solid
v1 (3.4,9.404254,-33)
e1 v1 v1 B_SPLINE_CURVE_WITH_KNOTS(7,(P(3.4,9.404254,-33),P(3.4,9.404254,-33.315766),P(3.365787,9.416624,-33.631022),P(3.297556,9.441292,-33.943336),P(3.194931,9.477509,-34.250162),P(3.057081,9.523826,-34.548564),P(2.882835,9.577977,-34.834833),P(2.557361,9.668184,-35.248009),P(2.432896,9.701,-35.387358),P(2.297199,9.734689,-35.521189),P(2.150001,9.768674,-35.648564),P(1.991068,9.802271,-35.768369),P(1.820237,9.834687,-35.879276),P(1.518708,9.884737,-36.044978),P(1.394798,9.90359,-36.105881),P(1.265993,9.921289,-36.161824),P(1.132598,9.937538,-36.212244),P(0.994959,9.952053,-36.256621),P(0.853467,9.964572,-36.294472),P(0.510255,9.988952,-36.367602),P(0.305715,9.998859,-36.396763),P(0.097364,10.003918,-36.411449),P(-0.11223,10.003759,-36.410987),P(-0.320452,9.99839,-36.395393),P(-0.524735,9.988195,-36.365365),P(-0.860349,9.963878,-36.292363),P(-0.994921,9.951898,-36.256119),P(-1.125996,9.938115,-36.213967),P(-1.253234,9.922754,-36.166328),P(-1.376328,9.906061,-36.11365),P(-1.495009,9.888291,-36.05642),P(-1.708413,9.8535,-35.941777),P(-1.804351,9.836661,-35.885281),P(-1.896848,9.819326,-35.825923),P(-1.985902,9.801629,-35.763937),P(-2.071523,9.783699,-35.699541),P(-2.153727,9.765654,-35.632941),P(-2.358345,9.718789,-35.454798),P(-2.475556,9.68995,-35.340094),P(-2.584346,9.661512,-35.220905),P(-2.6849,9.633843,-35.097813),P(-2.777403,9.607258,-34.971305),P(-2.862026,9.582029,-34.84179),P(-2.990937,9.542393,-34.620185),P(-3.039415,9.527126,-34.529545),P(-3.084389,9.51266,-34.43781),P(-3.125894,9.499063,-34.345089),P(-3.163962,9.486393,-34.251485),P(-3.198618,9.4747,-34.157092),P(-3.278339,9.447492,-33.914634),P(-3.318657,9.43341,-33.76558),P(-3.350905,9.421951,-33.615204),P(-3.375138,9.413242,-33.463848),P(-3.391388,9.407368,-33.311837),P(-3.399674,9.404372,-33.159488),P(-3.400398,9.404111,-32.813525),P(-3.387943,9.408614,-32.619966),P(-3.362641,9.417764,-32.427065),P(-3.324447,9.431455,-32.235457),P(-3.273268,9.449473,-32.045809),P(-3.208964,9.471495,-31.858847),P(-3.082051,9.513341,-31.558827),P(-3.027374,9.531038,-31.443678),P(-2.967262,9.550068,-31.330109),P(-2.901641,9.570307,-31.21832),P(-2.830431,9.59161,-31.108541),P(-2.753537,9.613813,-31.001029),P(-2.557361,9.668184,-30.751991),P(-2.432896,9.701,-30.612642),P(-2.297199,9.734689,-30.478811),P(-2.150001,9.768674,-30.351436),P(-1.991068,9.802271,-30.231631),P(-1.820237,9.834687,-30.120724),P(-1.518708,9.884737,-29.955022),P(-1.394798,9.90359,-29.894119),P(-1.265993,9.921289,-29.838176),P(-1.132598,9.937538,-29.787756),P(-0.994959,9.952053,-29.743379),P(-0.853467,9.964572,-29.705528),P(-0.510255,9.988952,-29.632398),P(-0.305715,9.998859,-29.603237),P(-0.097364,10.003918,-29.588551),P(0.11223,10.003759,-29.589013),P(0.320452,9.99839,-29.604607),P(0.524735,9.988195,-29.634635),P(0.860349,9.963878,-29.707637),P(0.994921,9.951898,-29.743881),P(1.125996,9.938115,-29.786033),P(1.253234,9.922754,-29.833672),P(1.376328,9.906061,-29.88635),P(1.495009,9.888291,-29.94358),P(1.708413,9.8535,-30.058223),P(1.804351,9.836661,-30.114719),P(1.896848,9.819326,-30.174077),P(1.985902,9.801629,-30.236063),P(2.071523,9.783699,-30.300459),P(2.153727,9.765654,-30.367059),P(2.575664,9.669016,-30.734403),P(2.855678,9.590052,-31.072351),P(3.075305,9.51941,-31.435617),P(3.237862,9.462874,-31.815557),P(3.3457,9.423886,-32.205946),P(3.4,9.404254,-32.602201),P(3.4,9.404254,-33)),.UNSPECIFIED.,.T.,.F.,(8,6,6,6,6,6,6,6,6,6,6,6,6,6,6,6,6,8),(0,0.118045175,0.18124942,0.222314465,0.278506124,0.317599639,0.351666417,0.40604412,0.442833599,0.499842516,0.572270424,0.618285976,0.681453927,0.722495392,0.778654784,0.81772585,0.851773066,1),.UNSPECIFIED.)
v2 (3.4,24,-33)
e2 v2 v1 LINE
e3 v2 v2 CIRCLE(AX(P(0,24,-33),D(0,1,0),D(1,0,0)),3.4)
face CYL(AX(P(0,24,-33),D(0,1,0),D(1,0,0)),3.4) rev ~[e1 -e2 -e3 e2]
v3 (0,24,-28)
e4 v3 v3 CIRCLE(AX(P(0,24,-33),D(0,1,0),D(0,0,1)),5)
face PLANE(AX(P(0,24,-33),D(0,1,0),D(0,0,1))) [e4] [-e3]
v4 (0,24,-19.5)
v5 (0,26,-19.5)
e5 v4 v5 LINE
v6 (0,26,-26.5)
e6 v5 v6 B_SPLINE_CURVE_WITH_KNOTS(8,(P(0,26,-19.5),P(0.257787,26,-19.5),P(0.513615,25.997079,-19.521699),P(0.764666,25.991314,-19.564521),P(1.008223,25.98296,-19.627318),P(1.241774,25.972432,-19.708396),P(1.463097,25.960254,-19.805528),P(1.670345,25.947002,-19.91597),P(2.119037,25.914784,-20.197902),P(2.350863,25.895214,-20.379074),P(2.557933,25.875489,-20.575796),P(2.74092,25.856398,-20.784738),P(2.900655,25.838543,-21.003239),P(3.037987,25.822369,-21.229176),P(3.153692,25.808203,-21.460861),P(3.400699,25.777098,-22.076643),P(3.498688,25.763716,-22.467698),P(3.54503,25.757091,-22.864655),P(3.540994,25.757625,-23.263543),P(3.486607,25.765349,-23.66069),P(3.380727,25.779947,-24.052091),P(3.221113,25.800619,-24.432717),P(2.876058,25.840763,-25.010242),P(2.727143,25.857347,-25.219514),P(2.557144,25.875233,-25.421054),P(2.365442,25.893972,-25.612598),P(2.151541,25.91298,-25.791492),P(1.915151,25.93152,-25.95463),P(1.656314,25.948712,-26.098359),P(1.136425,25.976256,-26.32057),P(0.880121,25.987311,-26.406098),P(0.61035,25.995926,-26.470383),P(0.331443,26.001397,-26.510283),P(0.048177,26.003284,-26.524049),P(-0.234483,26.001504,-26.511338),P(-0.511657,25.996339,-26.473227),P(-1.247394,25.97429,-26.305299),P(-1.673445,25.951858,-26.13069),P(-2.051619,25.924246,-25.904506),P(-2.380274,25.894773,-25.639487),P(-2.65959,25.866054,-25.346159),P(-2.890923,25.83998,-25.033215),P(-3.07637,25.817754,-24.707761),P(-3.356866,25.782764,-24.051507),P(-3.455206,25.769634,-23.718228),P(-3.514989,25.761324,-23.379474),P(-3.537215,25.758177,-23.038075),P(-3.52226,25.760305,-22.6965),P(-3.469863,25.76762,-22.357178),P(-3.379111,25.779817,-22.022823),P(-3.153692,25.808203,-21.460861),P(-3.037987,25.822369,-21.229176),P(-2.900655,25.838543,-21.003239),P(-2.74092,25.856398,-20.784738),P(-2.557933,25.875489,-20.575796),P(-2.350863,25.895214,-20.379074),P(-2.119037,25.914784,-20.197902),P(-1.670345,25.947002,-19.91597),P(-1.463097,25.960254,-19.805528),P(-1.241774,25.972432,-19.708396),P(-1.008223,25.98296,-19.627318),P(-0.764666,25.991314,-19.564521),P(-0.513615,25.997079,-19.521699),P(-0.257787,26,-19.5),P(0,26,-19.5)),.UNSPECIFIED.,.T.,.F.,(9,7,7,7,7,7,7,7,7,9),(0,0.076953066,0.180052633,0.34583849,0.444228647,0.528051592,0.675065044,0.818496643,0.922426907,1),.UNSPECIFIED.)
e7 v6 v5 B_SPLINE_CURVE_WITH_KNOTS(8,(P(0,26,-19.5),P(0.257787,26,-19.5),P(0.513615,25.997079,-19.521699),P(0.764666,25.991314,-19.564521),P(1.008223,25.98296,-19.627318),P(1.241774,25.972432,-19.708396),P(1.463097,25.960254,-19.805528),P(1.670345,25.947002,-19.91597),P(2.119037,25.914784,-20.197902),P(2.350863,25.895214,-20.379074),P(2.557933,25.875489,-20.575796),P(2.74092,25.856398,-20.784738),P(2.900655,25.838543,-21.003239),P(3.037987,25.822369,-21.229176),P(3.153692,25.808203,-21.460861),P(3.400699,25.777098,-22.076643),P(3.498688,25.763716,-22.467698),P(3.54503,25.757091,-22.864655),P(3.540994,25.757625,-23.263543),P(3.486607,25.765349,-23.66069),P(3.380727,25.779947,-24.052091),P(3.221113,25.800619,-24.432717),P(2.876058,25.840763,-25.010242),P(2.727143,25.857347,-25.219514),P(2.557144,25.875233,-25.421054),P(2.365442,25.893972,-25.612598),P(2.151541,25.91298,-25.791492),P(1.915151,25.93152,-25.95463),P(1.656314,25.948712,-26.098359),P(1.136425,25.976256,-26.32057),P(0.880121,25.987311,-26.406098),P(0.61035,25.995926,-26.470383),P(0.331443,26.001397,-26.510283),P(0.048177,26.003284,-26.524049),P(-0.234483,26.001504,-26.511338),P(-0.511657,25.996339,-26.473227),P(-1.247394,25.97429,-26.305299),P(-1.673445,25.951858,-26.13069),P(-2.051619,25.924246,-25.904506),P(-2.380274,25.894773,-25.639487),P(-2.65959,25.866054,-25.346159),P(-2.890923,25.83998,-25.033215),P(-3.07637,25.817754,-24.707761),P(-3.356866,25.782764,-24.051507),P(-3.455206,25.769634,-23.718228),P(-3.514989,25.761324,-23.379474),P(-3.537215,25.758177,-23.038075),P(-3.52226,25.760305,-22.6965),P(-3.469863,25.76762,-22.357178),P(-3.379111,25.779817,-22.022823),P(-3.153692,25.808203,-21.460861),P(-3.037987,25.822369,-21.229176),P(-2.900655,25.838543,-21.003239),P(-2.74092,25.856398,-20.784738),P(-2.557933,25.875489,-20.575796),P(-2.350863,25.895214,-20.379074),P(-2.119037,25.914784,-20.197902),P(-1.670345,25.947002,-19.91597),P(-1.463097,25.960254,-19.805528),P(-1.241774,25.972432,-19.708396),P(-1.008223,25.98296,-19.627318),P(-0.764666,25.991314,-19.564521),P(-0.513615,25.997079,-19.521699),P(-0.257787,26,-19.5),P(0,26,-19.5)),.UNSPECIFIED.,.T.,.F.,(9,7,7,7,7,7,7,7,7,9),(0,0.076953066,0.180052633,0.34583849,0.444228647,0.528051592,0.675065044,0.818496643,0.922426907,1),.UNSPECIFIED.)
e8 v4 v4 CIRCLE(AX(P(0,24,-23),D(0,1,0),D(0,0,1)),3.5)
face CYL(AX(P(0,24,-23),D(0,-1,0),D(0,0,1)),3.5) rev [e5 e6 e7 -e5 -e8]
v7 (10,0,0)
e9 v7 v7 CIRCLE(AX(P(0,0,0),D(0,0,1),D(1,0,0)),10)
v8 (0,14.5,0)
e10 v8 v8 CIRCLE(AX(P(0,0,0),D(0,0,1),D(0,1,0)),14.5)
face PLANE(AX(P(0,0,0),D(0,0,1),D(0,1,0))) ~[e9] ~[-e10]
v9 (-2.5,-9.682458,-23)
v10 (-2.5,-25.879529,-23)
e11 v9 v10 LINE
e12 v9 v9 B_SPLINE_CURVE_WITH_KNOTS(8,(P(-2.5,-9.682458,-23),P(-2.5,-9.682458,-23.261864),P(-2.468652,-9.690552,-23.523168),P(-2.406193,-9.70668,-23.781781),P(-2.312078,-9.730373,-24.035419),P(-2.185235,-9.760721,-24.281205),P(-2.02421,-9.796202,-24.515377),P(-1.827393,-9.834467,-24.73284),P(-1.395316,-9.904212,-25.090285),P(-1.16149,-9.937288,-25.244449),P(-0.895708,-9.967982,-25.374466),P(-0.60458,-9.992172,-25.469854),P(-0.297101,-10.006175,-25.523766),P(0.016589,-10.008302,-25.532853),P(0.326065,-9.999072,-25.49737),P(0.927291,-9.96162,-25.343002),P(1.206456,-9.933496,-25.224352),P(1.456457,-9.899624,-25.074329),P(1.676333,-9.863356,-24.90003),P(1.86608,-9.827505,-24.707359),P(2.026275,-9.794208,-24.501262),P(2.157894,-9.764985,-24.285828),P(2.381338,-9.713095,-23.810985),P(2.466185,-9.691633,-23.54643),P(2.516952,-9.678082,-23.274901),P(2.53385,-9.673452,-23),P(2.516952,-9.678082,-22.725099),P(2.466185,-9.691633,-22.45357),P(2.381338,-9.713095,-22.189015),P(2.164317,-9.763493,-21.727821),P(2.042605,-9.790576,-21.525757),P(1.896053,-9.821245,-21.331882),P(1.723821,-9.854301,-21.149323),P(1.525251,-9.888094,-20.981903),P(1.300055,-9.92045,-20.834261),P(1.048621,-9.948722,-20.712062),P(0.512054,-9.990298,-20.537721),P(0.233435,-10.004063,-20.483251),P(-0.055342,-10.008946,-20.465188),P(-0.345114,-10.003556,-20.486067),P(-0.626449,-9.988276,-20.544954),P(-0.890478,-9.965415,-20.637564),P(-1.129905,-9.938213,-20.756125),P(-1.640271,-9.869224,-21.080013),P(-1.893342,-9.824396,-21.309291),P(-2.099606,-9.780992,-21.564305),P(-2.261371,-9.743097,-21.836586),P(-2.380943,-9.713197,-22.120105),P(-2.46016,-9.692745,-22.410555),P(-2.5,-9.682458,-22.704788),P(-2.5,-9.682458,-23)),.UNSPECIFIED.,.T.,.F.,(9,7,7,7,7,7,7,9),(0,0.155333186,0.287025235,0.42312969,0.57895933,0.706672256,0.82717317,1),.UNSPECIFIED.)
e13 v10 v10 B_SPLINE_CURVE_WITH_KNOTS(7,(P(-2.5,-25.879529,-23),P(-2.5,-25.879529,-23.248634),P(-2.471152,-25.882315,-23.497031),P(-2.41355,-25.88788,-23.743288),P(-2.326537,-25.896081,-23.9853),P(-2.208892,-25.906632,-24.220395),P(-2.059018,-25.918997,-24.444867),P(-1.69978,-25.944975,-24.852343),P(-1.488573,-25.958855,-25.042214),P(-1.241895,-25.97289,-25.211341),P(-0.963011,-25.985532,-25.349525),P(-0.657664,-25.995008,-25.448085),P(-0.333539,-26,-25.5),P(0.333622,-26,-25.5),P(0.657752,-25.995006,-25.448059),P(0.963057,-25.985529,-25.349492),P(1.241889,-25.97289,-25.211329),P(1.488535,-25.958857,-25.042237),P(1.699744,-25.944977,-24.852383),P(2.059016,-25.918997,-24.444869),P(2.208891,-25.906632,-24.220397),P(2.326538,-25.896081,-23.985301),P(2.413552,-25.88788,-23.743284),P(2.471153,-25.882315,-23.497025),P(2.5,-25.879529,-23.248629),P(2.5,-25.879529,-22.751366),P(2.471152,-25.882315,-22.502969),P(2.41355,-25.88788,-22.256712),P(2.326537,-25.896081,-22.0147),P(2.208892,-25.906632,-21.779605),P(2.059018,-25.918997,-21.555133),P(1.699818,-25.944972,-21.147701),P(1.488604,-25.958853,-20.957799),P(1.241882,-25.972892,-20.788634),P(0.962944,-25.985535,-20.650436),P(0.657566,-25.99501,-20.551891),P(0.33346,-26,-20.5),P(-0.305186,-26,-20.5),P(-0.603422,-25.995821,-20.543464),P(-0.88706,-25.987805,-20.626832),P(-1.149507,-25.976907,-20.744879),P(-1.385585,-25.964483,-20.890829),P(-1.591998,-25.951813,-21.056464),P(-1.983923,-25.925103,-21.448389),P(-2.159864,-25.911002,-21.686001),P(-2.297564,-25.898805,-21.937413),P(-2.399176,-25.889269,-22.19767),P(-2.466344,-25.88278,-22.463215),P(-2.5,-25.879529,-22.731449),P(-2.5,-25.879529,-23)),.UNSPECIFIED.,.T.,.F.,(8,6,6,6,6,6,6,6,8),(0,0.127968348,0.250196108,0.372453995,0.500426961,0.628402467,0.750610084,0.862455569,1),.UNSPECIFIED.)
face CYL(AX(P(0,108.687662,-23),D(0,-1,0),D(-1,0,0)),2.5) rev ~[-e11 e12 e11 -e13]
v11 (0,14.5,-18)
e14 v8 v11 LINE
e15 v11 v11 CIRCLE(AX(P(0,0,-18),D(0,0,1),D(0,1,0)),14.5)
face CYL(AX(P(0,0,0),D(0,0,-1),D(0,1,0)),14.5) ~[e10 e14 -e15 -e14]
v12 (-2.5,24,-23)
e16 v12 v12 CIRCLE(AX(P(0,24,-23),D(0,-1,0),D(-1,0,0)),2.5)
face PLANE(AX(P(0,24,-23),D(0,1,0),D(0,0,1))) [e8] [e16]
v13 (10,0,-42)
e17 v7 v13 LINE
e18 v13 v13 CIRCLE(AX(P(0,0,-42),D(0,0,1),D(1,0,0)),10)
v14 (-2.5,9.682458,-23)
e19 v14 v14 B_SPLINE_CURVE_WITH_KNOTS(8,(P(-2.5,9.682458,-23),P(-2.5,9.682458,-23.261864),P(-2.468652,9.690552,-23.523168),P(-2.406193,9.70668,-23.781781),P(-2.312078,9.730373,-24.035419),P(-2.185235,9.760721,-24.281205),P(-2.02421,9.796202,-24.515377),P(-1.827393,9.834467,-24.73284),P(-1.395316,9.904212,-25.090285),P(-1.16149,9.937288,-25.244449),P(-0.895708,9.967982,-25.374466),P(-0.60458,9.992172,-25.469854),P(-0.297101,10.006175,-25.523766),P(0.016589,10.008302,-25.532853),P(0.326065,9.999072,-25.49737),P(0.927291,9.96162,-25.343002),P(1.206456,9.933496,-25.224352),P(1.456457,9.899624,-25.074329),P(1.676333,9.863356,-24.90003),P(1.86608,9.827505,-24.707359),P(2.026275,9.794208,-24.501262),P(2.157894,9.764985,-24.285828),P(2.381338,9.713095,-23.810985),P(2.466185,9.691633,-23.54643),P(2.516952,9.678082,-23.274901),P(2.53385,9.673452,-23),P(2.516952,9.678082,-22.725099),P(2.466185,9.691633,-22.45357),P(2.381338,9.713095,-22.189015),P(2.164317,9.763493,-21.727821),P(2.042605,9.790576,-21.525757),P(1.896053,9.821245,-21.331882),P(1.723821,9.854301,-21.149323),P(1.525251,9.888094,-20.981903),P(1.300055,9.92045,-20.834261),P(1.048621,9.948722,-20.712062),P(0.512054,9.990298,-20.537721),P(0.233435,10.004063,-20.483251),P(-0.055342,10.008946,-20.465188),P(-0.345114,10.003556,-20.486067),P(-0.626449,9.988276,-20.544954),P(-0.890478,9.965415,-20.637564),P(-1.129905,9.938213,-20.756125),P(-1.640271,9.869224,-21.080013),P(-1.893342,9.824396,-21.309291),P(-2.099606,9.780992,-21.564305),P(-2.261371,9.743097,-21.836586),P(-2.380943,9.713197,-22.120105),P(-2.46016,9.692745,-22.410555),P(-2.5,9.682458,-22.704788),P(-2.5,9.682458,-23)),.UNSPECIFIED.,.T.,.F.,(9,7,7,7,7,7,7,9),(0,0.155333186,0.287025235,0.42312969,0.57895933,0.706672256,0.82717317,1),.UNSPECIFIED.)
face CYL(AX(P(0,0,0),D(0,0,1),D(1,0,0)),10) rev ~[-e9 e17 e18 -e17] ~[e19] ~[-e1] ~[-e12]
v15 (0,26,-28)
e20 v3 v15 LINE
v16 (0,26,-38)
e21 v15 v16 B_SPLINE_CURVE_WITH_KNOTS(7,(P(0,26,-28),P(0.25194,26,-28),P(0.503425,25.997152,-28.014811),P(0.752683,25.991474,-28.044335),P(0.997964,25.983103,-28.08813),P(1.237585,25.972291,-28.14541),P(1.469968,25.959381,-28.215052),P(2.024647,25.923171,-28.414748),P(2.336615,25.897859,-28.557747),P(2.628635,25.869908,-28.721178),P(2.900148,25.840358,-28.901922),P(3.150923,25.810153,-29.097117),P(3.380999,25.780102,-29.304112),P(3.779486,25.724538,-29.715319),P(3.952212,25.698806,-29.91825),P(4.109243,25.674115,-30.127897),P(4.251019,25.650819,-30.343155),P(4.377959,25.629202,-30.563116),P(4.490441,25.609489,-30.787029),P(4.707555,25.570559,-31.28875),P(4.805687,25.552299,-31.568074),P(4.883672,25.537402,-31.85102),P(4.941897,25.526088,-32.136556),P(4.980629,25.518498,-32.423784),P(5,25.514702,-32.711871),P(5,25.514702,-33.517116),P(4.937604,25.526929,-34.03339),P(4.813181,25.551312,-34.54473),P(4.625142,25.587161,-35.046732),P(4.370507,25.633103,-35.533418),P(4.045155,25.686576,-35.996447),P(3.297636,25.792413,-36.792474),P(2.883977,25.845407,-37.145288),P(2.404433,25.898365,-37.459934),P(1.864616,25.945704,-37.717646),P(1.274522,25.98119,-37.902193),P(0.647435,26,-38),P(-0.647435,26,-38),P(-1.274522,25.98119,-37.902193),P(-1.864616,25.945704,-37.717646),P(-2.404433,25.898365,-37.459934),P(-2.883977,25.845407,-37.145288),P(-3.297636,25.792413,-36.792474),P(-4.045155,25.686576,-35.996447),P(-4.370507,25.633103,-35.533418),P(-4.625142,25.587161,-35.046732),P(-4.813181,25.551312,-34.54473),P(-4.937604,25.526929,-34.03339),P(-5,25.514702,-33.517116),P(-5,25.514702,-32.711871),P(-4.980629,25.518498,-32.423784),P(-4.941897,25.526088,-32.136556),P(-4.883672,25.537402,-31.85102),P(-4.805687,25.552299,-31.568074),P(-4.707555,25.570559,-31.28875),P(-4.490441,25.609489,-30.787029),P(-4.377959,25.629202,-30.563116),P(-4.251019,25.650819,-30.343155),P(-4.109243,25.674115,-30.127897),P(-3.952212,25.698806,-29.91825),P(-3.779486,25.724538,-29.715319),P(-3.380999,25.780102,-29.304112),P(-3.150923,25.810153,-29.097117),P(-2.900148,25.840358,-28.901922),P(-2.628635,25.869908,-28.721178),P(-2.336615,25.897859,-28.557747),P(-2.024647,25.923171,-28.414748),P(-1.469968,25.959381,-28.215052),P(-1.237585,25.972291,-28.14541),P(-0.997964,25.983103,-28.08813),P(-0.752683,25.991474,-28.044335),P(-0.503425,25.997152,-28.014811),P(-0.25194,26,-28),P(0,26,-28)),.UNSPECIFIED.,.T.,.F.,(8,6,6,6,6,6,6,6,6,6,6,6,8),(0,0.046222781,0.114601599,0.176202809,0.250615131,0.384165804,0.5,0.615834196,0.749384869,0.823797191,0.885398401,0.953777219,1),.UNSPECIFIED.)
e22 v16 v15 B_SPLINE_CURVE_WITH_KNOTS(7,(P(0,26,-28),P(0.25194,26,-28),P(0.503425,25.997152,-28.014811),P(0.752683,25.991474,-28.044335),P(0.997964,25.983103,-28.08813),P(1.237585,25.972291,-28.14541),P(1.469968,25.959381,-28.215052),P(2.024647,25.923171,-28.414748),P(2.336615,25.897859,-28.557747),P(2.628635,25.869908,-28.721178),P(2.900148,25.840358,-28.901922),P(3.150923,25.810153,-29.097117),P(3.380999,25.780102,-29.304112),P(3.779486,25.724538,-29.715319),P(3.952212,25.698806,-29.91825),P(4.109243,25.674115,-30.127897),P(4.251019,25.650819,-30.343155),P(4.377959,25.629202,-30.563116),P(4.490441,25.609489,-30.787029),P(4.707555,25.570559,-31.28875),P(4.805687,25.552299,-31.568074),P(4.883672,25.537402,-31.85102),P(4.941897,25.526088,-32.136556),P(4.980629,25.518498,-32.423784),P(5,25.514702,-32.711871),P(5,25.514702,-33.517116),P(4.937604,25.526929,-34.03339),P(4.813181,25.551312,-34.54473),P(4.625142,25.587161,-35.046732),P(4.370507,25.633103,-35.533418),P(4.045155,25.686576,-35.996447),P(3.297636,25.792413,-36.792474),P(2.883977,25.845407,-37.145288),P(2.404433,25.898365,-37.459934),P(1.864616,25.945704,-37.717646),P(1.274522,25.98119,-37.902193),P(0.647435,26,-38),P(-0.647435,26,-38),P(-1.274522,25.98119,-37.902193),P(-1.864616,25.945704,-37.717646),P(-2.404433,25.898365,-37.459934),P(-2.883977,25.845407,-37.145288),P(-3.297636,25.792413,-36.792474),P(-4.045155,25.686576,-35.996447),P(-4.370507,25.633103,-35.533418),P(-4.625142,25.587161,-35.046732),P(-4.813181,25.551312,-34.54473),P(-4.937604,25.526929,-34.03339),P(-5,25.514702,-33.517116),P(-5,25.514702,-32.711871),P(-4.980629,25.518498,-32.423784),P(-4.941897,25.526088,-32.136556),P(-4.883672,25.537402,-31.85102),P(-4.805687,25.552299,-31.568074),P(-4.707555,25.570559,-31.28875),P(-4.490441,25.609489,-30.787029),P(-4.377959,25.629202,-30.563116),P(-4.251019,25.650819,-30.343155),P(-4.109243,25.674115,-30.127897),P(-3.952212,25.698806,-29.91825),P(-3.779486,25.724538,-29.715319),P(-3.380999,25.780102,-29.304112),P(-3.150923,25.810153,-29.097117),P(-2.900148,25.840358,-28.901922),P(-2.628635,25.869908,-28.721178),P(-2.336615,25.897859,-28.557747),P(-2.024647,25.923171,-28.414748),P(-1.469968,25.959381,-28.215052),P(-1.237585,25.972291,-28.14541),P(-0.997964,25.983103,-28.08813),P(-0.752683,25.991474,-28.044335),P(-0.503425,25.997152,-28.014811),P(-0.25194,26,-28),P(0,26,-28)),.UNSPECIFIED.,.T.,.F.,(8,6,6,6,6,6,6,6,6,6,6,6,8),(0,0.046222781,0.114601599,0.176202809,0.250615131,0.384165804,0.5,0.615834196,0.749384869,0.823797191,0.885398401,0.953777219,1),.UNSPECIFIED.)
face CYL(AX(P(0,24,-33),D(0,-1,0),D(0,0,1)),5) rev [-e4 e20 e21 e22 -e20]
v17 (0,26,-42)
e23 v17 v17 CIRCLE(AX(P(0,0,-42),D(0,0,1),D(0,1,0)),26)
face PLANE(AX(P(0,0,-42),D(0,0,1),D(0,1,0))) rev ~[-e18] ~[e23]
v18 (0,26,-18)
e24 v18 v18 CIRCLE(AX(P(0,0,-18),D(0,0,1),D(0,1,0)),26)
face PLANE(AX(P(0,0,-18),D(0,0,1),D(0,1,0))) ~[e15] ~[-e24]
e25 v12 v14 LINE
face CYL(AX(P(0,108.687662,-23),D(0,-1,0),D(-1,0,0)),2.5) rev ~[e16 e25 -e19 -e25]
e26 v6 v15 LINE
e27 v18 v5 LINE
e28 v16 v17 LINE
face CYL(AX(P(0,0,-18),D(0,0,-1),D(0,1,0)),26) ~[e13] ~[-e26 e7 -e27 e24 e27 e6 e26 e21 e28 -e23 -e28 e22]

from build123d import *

# Parameters (mm, degrees)
SKETCH2_R                   = 10
CUT_EXTRUDE1_DEPTH          = 56.821142948
CUT_EXTRUDE2_REACH          = 81.821
CUT_EXTRUDE2_END_RADIUS     = 26
CUT_EXTRUDE2_START          = 24
SKETCH3_R                   = 5
SKETCH3_R_2                 = 3.5
M8X1_25_TAPPED_HOLE1_REACH  = 72.285
M8X1_25_TAPPED_HOLE1_BORE_R = 3.4
F_5_0_5_DIAMETER_HOLE1_D    = 5


with BuildPart() as part:
    # Sketch1 → Revolve1 (revolve)
    with BuildSketch(Plane(origin=(0, 0, 0), x_dir=(0, 0, -1), z_dir=(1, 0, 0))):
        Polygon((0, 0), (0, 14.5), (18, 14.5), (18, 26), (42, 26), (42, 0), align=None)
    revolve(axis=Axis((0, 0, -42), (0, 0, 1)))

    # Sketch2 → Cut-Extrude1 (cut, through all)
    with BuildSketch(Plane.XY):
        Circle(SKETCH2_R)
    extrude(amount=-CUT_EXTRUDE1_DEPTH, mode=Mode.SUBTRACT)

    # Cut-Extrude2: up to this cylinder (the profile starts inside it)
    cut_extrude2_end = Plane(origin=(0, 0, -28), z_dir=(0, 0, -1)) * Cylinder(CUT_EXTRUDE2_END_RADIUS, 226.642, mode=Mode.PRIVATE)
    # Sketch3 → Cut-Extrude2 (cut, up to the surface)
    with BuildSketch(Plane(origin=(0, 0, 0), x_dir=(1, 0, 0), z_dir=(0, 1, 0)).offset(CUT_EXTRUDE2_START), mode=Mode.PRIVATE) as cut_extrude2_sk1:
        with Locations(Location((0, 33, 0), (0, 0, 270))):
            Circle(SKETCH3_R)
    cut_extrude2_tool1 = extrude(cut_extrude2_sk1.sketch, amount=CUT_EXTRUDE2_REACH, mode=Mode.PRIVATE) & cut_extrude2_end
    add(cut_extrude2_tool1.solids().sort_by_distance((0, 24, -33))[0], mode=Mode.SUBTRACT)
    # Sketch3 → Cut-Extrude2 (cut, up to the surface)
    with BuildSketch(Plane(origin=(0, 0, 0), x_dir=(1, 0, 0), z_dir=(0, 1, 0)).offset(CUT_EXTRUDE2_START), mode=Mode.PRIVATE) as cut_extrude2_sk2:
        with Locations(Location((0, 23, 0), (0, 0, 270))):
            Circle(SKETCH3_R_2)
    cut_extrude2_tool2 = extrude(cut_extrude2_sk2.sketch, amount=CUT_EXTRUDE2_REACH, mode=Mode.PRIVATE) & cut_extrude2_end
    add(cut_extrude2_tool2.solids().sort_by_distance((0, 24, -23))[0], mode=Mode.SUBTRACT)

    # M8x1.25 Tapped Hole1 bore → M8x1.25 Tapped Hole1 (cut, up to next)
    with BuildSketch(Plane(origin=(0, 24, 0), x_dir=(1, 0, 0), z_dir=(0, 1, 0)), mode=Mode.PRIVATE) as m8x1_25_tapped_hole1_sk1:
        with Locations((0, 33)):
            Circle(M8X1_25_TAPPED_HOLE1_BORE_R)
    m8x1_25_tapped_hole1_tool1 = extrude(m8x1_25_tapped_hole1_sk1.sketch, amount=-M8X1_25_TAPPED_HOLE1_REACH, mode=Mode.PRIVATE) & part.part
    add(m8x1_25_tapped_hole1_tool1.solids().sort_by_distance((0, 24, -33))[0], mode=Mode.SUBTRACT)

    # Ø5.0 (5) Diameter Hole1 (through all)
    with Locations(Plane(origin=(0, 24, 0), x_dir=(1, 0, 0), z_dir=(0, 1, 0))):
        with Locations((0, 23)):
            Hole(F_5_0_5_DIAMETER_HOLE1_D / 2)


solid = part.part
